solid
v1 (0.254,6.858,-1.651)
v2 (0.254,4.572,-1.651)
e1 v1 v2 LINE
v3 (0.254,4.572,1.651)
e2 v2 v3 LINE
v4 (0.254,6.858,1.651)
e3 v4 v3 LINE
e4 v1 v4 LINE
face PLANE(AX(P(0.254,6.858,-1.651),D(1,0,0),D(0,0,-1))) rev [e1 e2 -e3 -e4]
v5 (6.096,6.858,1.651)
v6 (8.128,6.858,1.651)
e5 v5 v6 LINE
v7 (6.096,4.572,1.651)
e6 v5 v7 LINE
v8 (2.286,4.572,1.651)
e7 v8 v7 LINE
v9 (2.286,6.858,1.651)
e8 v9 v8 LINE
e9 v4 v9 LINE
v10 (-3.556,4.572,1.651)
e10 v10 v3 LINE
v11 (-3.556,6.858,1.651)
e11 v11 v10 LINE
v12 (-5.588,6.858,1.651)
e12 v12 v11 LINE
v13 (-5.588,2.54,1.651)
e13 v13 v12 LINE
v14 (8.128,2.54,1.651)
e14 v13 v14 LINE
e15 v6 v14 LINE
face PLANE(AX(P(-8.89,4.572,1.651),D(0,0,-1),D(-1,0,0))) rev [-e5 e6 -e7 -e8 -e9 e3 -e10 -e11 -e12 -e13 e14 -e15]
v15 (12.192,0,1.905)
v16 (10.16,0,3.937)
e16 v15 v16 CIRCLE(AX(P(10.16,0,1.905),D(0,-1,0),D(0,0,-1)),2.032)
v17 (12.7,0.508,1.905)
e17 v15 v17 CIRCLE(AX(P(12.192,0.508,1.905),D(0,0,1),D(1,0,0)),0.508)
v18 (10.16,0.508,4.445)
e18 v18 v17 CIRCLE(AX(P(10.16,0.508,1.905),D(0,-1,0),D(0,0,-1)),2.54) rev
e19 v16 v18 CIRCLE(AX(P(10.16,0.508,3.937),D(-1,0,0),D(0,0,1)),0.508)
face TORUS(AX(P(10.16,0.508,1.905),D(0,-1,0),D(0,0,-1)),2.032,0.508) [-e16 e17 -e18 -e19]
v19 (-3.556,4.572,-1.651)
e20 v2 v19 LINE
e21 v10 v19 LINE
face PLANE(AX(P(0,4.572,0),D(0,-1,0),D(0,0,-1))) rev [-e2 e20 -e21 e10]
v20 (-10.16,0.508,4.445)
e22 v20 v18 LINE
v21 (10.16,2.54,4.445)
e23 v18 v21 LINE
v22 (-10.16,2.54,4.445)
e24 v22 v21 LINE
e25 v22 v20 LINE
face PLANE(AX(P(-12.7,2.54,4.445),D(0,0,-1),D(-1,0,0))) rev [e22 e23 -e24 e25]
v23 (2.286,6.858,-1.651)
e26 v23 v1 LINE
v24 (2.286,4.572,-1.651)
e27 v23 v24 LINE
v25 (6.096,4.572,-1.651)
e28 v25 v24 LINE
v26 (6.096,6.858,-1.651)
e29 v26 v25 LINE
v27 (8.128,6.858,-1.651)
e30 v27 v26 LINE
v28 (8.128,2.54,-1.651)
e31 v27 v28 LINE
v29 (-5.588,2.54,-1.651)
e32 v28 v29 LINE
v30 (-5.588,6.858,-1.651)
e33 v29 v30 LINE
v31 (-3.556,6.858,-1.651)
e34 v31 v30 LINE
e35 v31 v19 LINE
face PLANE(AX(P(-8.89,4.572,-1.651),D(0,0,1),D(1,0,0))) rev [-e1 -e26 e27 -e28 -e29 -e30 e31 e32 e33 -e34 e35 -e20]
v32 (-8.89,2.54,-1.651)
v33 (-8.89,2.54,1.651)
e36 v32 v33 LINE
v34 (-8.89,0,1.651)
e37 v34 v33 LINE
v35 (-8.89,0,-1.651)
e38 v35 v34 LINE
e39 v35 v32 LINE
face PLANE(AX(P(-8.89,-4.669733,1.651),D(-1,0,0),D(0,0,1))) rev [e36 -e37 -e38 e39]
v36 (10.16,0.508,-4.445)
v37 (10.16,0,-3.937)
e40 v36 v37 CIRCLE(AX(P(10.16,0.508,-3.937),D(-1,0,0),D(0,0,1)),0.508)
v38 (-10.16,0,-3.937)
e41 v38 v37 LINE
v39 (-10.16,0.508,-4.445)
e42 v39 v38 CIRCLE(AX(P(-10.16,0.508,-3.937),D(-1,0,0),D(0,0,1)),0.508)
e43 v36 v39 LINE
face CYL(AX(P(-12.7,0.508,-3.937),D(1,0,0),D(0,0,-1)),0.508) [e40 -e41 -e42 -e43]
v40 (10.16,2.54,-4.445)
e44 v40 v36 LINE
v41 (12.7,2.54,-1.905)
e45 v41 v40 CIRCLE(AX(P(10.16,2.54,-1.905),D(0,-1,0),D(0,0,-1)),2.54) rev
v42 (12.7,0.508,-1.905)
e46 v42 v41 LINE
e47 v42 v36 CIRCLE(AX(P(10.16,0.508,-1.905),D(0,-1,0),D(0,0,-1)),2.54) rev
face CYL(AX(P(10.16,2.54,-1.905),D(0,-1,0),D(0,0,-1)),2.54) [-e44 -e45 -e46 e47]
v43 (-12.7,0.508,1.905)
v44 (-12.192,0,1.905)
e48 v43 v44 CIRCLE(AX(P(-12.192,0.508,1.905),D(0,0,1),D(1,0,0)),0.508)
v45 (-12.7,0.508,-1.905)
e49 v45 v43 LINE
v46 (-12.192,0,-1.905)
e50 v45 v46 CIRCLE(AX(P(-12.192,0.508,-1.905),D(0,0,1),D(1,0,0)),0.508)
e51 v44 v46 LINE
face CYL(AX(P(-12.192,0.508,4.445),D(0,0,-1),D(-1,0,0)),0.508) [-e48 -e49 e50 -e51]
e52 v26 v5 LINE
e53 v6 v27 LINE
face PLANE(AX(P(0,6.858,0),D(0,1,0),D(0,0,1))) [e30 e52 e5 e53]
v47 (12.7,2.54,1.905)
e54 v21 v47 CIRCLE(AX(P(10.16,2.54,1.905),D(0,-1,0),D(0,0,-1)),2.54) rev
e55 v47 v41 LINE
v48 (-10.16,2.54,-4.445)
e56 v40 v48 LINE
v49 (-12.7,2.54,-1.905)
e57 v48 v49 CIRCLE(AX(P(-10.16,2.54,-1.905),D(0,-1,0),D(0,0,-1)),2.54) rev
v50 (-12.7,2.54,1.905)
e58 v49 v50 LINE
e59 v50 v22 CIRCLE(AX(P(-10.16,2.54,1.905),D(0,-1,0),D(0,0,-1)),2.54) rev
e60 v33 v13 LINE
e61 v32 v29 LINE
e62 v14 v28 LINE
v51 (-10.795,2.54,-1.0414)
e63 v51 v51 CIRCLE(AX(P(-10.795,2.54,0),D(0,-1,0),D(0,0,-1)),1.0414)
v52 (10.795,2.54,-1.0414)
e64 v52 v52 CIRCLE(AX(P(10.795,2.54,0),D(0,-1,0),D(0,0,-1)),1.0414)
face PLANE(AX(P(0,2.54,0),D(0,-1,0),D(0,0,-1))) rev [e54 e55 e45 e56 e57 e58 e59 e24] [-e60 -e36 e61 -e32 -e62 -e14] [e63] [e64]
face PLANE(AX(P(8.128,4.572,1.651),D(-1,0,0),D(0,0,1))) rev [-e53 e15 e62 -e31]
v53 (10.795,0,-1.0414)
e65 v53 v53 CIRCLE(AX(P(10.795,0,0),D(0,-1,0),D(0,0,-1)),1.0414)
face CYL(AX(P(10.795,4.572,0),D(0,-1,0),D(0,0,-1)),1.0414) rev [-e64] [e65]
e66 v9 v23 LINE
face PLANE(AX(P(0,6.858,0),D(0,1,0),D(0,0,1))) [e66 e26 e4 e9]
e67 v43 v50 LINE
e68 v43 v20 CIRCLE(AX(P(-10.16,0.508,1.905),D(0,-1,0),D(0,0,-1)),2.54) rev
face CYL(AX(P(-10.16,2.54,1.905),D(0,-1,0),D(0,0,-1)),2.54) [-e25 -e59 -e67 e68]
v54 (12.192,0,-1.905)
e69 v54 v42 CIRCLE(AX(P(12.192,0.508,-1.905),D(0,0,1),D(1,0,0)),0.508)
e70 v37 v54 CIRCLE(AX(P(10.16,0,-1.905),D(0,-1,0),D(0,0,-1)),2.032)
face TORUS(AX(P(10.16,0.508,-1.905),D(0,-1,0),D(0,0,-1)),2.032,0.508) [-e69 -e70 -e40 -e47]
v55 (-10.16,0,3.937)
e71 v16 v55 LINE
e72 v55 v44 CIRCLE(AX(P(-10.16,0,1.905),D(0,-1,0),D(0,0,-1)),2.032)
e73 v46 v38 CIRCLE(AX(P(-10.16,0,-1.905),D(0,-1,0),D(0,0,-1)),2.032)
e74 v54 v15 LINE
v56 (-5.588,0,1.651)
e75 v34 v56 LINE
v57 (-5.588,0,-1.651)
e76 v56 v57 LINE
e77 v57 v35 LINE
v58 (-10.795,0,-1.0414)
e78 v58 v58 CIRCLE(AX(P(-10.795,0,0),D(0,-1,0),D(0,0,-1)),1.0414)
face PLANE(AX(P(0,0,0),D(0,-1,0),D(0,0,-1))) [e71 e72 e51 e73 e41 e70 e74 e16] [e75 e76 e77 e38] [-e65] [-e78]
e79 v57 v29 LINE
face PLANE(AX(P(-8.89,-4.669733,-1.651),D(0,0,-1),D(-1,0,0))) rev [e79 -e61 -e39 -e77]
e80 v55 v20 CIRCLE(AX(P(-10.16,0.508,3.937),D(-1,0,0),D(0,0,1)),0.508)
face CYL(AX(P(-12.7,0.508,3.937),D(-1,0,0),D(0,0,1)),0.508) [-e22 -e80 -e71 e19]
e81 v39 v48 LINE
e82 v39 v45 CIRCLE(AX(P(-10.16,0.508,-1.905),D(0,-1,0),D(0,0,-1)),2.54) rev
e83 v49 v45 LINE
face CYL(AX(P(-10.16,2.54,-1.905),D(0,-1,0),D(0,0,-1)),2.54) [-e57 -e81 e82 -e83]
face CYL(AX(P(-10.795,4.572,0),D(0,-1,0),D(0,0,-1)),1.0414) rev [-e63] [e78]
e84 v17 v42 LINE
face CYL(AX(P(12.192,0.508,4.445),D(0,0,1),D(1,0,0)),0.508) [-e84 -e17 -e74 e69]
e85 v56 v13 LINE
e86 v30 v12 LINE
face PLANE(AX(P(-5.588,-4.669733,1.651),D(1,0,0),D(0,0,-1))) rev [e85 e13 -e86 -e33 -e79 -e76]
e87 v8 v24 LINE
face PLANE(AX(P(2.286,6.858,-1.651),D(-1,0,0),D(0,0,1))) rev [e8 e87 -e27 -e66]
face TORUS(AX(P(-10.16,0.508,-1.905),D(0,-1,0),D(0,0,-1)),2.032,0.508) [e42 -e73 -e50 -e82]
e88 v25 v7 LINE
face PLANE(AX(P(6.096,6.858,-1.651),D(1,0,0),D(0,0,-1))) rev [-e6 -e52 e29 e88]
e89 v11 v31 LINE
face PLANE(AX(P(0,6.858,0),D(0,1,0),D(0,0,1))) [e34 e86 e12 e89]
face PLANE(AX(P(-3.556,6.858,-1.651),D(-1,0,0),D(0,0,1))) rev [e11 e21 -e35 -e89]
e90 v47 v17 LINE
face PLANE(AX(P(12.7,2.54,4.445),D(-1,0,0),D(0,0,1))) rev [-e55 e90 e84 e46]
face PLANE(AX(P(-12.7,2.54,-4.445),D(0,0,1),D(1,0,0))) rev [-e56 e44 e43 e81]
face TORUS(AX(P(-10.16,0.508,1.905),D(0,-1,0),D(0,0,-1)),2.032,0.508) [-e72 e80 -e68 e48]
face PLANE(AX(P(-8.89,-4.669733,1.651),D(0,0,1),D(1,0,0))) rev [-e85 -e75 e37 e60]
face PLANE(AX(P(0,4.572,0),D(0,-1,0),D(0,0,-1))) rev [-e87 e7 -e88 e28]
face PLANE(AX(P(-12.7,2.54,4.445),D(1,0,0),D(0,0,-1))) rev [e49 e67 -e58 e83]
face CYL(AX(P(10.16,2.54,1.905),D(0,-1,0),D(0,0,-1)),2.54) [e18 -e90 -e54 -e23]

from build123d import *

# Parameters (mm, degrees)
SKETCH1_W           = 25.4
SKETCH1_H           = 8.89
BOSS_EXTRUDE1_DEPTH = 2.54
SKETCH2_W           = 17.018
SKETCH2_H           = 3.302
BOSS_EXTRUDE2_DEPTH = 2.032
SKETCH3_R           = 1.0414
CUT_EXTRUDE1_DEPTH  = 5.572
SKETCH4_W           = 3.302
SKETCH4_H           = 3.302
CUT_EXTRUDE2_DEPTH  = 4.572
SKETCH5_W           = 2.032
SKETCH5_H           = 3.302
BOSS_EXTRUDE3_DEPTH = 2.286
FILLET1_R           = 2.54
FILLET2_R           = 0.508


with BuildPart() as part:
    # Sketch1 → Boss-Extrude1 (new body)
    with BuildSketch(Plane(origin=(0, 0, 0), x_dir=(1, 0, 0), z_dir=(0, 1, 0))):
        Rectangle(SKETCH1_W, SKETCH1_H)
    extrude(amount=BOSS_EXTRUDE1_DEPTH)

    # Sketch2 → Boss-Extrude2 (add)
    with BuildSketch(Plane(origin=(0, 2.54, 0), x_dir=(1, 0, 0), z_dir=(0, 1, 0))):
        with Locations((-0.381, 0)):
            Rectangle(SKETCH2_W, SKETCH2_H)
    extrude(amount=BOSS_EXTRUDE2_DEPTH)

    # Sketch3 → Cut-Extrude1 (cut, through all)
    with BuildSketch(Plane.XZ):
        with Locations((-10.795, 0)):
            Circle(SKETCH3_R)
        with Locations((10.795, 0)):
            Circle(SKETCH3_R)
    extrude(amount=-CUT_EXTRUDE1_DEPTH, mode=Mode.SUBTRACT)

    # Sketch4 → Cut-Extrude2 (cut)
    with BuildSketch(Plane(origin=(0, 4.572, 0), x_dir=(1, 0, 0), z_dir=(0, 1, 0))):
        with Locations((-7.239, 0)):
            Rectangle(SKETCH4_W, SKETCH4_H)
    extrude(amount=-CUT_EXTRUDE2_DEPTH, mode=Mode.SUBTRACT)

    # Sketch5 → Boss-Extrude3 (add)
    with BuildSketch(Plane(origin=(0, 4.572, 0), x_dir=(1, 0, 0), z_dir=(0, 1, 0))):
        with Locations((-4.572, 0)):
            Rectangle(SKETCH5_W, SKETCH5_H)
        with Locations((1.27, 0)):
            Rectangle(SKETCH5_W, SKETCH5_H)
        with Locations((7.112, 0)):
            Rectangle(SKETCH5_W, SKETCH5_H)
    extrude(amount=BOSS_EXTRUDE3_DEPTH)

    # Fillet1
    fillet1_edges = [part.edges().sort_by_distance(p)[0] for p in [
        (12.7, 1.27, 4.445),
        (-12.7, 1.27, 4.445),
        (-12.7, 1.27, -4.445),
        (12.7, 1.27, -4.445),
    ]]
    fillet(fillet1_edges, radius=FILLET1_R)

    # Fillet2
    fillet2_edges = [part.edges().sort_by_distance(p)[0] for p in [
        (12.7, 0, 0),
        (0, 0, 4.445),
        (-12.7, 0, 0),
        (0, 0, -4.445),
        (-11.956051224, 0, -3.701051224),
        (-11.956051224, 0, 3.701051224),
        (11.956051224, 0, -3.701051224),
        (11.956051224, 0, 3.701051224),
    ]]
    fillet(fillet2_edges, radius=FILLET2_R)


solid = part.part
